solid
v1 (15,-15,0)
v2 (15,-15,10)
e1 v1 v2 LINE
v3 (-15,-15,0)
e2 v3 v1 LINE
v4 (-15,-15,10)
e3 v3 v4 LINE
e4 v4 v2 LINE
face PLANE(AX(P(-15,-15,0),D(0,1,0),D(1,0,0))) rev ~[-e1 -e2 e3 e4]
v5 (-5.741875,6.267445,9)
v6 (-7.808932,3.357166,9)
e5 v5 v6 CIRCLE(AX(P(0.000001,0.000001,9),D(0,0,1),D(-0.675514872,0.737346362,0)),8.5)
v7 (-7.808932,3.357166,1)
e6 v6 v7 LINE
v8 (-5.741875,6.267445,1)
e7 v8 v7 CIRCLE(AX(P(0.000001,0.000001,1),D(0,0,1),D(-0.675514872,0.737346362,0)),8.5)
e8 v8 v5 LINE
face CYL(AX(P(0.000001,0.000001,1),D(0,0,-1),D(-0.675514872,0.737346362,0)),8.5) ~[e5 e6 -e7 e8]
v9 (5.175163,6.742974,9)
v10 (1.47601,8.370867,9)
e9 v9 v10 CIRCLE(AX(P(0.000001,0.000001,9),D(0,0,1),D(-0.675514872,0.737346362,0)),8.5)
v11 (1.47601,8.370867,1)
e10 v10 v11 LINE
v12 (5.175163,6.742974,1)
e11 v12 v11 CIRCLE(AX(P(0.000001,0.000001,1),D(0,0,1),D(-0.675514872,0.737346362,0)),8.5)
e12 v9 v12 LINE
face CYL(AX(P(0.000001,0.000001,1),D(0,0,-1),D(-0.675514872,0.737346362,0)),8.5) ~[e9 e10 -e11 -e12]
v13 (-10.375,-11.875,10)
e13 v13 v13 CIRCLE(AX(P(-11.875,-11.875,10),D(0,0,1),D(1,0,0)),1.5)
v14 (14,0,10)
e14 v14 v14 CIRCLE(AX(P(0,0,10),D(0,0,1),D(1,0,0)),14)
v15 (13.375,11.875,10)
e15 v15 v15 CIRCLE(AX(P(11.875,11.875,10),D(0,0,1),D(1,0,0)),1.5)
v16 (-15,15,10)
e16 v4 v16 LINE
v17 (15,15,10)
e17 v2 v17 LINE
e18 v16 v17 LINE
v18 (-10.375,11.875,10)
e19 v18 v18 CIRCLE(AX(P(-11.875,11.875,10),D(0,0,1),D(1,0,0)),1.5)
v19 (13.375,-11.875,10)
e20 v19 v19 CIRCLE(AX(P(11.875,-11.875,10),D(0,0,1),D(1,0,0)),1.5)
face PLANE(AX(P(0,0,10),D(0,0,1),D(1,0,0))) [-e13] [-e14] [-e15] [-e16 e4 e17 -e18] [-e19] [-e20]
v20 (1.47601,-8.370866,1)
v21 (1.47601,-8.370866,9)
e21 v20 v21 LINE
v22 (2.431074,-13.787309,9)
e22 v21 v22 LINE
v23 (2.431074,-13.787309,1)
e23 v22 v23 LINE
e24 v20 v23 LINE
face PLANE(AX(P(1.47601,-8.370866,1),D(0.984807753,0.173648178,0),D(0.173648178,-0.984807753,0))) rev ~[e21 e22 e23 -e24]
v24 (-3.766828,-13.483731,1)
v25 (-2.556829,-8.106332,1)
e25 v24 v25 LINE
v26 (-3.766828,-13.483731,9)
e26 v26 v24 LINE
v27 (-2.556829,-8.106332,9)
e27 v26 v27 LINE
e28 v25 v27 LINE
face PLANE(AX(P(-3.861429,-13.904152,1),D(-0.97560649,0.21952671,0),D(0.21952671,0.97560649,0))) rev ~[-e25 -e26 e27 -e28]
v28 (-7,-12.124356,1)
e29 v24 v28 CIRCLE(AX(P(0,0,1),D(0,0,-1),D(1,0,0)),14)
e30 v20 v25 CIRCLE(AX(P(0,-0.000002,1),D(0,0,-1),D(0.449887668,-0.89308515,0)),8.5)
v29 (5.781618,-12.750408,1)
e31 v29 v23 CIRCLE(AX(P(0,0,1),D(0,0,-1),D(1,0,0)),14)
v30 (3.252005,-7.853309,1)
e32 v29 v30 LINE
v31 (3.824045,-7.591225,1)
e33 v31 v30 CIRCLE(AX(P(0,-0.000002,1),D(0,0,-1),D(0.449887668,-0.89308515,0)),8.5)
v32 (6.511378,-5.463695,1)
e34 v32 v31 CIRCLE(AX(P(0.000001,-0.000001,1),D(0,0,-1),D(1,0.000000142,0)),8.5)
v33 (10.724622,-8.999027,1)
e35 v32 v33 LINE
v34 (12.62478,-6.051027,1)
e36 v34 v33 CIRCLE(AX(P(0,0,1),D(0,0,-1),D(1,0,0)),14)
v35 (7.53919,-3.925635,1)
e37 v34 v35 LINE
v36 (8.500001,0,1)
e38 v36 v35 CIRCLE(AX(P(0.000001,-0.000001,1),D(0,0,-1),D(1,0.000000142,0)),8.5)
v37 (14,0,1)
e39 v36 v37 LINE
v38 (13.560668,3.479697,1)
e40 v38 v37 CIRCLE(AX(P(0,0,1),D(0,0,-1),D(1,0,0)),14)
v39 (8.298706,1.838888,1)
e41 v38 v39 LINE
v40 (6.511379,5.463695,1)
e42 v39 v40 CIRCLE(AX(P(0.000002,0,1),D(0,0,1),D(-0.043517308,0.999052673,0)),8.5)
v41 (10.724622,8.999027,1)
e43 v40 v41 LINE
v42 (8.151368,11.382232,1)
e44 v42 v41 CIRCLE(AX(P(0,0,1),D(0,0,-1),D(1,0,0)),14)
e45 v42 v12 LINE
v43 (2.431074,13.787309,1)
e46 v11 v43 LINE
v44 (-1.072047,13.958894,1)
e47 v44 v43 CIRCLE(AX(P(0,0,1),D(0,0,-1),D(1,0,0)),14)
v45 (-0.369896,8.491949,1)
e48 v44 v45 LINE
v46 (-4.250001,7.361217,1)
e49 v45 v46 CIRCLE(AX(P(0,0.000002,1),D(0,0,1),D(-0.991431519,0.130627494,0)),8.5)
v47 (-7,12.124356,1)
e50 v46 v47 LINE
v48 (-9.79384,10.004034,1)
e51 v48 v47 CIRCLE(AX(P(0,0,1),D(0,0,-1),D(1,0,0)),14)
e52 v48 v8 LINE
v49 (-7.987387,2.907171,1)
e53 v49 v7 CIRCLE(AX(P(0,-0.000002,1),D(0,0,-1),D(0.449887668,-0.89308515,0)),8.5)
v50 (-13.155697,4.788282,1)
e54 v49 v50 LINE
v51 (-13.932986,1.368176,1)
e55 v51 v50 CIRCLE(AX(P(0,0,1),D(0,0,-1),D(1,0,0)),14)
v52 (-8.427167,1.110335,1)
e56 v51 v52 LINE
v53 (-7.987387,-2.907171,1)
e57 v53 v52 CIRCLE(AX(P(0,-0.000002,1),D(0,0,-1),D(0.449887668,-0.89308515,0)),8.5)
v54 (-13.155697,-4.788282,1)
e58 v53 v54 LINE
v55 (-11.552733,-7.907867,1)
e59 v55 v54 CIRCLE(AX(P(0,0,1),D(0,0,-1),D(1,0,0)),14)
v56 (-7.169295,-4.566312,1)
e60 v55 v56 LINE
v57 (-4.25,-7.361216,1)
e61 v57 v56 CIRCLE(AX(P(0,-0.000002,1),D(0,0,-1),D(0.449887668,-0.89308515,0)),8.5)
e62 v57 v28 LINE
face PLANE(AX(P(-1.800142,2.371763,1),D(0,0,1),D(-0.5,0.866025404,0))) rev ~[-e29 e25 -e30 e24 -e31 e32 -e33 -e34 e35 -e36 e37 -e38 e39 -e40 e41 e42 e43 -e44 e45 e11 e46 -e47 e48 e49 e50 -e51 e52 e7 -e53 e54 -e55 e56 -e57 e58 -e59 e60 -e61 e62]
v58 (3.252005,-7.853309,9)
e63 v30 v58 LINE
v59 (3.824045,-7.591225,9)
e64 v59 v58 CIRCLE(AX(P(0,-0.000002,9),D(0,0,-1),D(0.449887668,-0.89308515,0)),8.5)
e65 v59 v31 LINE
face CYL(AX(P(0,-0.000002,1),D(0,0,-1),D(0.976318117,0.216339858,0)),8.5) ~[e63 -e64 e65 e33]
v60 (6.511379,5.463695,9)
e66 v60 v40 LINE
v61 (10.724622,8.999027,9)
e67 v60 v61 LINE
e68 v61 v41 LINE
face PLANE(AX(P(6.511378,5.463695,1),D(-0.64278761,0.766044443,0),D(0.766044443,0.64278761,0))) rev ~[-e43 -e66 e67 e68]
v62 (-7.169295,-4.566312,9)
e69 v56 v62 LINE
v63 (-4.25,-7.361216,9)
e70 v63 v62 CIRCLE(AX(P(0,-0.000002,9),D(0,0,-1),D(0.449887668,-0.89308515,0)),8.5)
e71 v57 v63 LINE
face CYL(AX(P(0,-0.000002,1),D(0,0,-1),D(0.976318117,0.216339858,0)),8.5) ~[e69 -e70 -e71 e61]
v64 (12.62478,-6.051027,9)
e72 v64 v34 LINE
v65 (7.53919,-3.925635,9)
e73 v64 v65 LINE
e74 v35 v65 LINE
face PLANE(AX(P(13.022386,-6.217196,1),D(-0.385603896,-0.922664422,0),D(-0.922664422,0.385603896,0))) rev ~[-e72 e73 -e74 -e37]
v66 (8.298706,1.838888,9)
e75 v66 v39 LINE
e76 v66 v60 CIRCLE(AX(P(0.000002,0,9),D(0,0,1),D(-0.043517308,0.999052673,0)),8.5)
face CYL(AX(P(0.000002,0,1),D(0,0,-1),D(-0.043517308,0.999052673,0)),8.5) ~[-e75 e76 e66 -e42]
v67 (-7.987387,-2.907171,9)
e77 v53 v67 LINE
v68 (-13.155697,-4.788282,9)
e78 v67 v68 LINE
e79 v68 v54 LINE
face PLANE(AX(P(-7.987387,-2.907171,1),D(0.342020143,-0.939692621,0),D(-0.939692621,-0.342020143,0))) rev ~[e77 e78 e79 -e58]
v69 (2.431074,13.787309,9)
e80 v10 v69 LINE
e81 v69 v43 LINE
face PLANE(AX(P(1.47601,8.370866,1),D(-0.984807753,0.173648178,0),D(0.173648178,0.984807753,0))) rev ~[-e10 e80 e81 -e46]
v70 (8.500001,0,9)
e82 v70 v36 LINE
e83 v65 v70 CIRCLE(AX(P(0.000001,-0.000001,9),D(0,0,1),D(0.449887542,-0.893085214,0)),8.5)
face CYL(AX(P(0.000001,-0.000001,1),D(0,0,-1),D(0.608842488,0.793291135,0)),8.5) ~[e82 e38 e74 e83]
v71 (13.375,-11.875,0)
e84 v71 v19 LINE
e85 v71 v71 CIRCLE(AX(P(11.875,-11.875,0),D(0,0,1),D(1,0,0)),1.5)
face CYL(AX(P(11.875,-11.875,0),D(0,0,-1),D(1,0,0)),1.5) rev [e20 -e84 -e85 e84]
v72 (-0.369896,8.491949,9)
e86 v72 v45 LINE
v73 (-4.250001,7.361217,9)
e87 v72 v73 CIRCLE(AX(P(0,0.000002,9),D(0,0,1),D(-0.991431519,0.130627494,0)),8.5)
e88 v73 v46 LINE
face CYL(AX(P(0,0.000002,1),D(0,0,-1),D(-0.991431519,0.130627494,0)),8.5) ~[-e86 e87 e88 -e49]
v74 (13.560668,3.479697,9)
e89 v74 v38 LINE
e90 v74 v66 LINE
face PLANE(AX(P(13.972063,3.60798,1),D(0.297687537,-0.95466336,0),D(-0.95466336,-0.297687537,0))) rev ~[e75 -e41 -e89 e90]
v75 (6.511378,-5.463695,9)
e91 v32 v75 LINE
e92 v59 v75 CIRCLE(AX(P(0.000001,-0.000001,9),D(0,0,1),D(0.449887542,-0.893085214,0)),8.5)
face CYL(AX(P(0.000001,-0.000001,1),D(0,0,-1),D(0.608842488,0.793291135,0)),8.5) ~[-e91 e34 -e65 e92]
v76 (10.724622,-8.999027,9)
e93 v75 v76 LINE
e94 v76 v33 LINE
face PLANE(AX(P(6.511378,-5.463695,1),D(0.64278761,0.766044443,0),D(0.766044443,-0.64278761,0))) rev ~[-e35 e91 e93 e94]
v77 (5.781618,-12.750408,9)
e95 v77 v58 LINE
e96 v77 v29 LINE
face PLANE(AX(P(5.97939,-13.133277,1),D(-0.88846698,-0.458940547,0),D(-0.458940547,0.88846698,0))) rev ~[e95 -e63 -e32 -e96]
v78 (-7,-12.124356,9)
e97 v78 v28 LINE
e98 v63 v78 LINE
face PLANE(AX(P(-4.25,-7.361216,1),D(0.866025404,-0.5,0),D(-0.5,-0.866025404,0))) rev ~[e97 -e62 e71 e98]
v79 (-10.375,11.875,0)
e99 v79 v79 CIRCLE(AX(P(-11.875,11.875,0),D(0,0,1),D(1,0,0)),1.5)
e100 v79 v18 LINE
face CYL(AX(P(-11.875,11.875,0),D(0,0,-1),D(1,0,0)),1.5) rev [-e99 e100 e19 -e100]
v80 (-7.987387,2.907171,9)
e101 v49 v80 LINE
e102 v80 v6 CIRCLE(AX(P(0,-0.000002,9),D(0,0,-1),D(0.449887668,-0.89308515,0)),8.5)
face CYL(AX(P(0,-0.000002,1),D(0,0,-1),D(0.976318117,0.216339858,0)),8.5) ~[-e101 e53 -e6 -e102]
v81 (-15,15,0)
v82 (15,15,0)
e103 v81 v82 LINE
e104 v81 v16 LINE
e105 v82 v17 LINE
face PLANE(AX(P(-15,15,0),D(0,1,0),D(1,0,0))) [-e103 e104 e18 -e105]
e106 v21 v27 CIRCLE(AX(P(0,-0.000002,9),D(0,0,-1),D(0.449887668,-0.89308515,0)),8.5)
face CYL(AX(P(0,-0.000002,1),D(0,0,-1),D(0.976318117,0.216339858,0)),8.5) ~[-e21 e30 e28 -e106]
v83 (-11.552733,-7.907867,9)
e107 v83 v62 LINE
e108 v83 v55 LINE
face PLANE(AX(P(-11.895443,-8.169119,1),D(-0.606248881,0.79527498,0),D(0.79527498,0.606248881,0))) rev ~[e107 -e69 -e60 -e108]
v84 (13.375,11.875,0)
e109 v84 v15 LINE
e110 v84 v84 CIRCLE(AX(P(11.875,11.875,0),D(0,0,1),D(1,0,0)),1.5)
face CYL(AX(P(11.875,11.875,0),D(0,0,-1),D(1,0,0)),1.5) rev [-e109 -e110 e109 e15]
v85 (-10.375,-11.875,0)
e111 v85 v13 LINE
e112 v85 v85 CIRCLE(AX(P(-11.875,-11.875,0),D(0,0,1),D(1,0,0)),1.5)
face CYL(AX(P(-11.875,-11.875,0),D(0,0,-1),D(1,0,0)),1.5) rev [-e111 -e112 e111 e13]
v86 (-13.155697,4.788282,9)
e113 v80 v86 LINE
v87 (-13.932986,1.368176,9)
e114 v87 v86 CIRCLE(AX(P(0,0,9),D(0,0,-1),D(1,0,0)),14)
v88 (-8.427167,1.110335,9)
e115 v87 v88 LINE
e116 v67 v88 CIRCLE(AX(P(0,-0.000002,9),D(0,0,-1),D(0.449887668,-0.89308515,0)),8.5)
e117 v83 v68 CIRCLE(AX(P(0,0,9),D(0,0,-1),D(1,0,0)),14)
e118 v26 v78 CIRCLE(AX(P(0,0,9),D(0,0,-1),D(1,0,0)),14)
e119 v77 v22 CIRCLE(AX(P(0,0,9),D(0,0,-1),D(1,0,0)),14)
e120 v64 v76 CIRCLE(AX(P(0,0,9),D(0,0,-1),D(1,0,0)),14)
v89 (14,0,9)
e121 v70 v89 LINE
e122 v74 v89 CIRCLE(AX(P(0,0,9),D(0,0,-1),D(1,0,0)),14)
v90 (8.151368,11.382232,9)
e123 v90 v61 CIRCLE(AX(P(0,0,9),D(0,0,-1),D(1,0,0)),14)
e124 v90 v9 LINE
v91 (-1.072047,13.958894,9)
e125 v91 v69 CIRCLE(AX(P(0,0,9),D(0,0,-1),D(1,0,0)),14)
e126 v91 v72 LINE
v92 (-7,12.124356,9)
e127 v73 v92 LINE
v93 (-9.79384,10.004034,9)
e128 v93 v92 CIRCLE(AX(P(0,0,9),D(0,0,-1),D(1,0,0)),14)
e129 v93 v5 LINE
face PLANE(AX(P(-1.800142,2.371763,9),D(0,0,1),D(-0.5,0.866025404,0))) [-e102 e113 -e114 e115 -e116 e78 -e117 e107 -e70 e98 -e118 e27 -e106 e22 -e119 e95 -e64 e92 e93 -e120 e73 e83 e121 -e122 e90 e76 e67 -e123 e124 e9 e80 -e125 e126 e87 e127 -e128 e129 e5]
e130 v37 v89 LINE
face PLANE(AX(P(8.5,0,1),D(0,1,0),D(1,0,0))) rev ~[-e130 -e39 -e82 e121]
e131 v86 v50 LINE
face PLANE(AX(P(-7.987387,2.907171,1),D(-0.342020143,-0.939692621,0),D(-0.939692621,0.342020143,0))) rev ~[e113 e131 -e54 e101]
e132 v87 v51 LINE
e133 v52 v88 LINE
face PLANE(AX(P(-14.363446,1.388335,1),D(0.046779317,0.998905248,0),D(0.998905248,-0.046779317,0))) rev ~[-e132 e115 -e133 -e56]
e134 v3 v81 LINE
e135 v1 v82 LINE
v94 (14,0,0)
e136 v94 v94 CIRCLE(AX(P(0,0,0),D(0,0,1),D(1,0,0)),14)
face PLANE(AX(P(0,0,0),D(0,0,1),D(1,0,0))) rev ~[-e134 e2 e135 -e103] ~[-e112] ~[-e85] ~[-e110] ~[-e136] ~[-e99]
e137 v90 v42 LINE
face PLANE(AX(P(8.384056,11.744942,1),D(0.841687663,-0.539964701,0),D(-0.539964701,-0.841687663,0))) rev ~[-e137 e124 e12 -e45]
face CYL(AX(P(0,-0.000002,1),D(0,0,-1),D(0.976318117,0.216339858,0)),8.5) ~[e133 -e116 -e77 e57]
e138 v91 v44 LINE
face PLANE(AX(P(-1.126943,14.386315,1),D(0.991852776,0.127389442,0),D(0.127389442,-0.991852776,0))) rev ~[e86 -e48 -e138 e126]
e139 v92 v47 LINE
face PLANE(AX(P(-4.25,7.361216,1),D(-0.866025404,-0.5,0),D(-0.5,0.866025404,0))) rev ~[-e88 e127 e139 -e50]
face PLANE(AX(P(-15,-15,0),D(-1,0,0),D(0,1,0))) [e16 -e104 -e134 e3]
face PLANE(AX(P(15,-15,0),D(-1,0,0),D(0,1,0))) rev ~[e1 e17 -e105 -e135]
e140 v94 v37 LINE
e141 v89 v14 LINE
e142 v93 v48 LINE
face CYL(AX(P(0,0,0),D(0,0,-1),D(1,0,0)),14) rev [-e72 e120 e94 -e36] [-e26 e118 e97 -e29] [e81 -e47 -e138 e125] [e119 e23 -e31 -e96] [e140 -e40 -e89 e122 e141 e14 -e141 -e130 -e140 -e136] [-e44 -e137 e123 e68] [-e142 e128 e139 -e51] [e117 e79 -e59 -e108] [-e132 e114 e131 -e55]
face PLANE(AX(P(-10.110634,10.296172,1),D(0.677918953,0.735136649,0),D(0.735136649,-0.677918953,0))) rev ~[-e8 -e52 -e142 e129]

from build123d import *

# Parameters (mm, degrees)
SKETCH051_W           = 30
SKETCH051_H           = 30
SKETCH051_R           = 14
SKETCH051_R_2         = 1.5
PAD022_DEPTH          = 10
PAD023_DEPTH          = 8
POLARPATTERN001_COUNT = 9


with BuildPart() as part:
    # Sketch051 → Pad022 (new body)
    with BuildSketch(Plane.XY):
        Rectangle(SKETCH051_W, SKETCH051_H)
        Circle(SKETCH051_R, mode=Mode.SUBTRACT)
        with Locations((-11.875, 11.875)):
            Circle(SKETCH051_R_2, mode=Mode.SUBTRACT)
        with Locations((11.875, 11.875)):
            Circle(SKETCH051_R_2, mode=Mode.SUBTRACT)
        with Locations((-11.875, -11.875)):
            Circle(SKETCH051_R_2, mode=Mode.SUBTRACT)
        with Locations((11.875, -11.875)):
            Circle(SKETCH051_R_2, mode=Mode.SUBTRACT)
    extrude(amount=PAD022_DEPTH)

    # Sketch052 → Pad023 (join)
    with BuildSketch(Plane.XY.offset(1)):
        with BuildLine():
            ThreePointArc((8.298704, 1.838887), (-8.449526, -0.924936), (8.5, 0))
            Line((8.5, 0), (14.143682, 0))
            Line((14.143682, 0), (13.972063, 3.60798))
            Line((13.972063, 3.60798), (8.298704, 1.838887))
        make_face()
    pad023 = extrude(amount=PAD023_DEPTH)

    # PolarPattern001: Pad023 ×9 about axis
    polarpattern001_axis = Axis((0, 0, 1), (0, 0, 1))
    for i in range(1, POLARPATTERN001_COUNT):
        add(pad023.rotate(polarpattern001_axis, i * 360 / POLARPATTERN001_COUNT))


solid = part.part
